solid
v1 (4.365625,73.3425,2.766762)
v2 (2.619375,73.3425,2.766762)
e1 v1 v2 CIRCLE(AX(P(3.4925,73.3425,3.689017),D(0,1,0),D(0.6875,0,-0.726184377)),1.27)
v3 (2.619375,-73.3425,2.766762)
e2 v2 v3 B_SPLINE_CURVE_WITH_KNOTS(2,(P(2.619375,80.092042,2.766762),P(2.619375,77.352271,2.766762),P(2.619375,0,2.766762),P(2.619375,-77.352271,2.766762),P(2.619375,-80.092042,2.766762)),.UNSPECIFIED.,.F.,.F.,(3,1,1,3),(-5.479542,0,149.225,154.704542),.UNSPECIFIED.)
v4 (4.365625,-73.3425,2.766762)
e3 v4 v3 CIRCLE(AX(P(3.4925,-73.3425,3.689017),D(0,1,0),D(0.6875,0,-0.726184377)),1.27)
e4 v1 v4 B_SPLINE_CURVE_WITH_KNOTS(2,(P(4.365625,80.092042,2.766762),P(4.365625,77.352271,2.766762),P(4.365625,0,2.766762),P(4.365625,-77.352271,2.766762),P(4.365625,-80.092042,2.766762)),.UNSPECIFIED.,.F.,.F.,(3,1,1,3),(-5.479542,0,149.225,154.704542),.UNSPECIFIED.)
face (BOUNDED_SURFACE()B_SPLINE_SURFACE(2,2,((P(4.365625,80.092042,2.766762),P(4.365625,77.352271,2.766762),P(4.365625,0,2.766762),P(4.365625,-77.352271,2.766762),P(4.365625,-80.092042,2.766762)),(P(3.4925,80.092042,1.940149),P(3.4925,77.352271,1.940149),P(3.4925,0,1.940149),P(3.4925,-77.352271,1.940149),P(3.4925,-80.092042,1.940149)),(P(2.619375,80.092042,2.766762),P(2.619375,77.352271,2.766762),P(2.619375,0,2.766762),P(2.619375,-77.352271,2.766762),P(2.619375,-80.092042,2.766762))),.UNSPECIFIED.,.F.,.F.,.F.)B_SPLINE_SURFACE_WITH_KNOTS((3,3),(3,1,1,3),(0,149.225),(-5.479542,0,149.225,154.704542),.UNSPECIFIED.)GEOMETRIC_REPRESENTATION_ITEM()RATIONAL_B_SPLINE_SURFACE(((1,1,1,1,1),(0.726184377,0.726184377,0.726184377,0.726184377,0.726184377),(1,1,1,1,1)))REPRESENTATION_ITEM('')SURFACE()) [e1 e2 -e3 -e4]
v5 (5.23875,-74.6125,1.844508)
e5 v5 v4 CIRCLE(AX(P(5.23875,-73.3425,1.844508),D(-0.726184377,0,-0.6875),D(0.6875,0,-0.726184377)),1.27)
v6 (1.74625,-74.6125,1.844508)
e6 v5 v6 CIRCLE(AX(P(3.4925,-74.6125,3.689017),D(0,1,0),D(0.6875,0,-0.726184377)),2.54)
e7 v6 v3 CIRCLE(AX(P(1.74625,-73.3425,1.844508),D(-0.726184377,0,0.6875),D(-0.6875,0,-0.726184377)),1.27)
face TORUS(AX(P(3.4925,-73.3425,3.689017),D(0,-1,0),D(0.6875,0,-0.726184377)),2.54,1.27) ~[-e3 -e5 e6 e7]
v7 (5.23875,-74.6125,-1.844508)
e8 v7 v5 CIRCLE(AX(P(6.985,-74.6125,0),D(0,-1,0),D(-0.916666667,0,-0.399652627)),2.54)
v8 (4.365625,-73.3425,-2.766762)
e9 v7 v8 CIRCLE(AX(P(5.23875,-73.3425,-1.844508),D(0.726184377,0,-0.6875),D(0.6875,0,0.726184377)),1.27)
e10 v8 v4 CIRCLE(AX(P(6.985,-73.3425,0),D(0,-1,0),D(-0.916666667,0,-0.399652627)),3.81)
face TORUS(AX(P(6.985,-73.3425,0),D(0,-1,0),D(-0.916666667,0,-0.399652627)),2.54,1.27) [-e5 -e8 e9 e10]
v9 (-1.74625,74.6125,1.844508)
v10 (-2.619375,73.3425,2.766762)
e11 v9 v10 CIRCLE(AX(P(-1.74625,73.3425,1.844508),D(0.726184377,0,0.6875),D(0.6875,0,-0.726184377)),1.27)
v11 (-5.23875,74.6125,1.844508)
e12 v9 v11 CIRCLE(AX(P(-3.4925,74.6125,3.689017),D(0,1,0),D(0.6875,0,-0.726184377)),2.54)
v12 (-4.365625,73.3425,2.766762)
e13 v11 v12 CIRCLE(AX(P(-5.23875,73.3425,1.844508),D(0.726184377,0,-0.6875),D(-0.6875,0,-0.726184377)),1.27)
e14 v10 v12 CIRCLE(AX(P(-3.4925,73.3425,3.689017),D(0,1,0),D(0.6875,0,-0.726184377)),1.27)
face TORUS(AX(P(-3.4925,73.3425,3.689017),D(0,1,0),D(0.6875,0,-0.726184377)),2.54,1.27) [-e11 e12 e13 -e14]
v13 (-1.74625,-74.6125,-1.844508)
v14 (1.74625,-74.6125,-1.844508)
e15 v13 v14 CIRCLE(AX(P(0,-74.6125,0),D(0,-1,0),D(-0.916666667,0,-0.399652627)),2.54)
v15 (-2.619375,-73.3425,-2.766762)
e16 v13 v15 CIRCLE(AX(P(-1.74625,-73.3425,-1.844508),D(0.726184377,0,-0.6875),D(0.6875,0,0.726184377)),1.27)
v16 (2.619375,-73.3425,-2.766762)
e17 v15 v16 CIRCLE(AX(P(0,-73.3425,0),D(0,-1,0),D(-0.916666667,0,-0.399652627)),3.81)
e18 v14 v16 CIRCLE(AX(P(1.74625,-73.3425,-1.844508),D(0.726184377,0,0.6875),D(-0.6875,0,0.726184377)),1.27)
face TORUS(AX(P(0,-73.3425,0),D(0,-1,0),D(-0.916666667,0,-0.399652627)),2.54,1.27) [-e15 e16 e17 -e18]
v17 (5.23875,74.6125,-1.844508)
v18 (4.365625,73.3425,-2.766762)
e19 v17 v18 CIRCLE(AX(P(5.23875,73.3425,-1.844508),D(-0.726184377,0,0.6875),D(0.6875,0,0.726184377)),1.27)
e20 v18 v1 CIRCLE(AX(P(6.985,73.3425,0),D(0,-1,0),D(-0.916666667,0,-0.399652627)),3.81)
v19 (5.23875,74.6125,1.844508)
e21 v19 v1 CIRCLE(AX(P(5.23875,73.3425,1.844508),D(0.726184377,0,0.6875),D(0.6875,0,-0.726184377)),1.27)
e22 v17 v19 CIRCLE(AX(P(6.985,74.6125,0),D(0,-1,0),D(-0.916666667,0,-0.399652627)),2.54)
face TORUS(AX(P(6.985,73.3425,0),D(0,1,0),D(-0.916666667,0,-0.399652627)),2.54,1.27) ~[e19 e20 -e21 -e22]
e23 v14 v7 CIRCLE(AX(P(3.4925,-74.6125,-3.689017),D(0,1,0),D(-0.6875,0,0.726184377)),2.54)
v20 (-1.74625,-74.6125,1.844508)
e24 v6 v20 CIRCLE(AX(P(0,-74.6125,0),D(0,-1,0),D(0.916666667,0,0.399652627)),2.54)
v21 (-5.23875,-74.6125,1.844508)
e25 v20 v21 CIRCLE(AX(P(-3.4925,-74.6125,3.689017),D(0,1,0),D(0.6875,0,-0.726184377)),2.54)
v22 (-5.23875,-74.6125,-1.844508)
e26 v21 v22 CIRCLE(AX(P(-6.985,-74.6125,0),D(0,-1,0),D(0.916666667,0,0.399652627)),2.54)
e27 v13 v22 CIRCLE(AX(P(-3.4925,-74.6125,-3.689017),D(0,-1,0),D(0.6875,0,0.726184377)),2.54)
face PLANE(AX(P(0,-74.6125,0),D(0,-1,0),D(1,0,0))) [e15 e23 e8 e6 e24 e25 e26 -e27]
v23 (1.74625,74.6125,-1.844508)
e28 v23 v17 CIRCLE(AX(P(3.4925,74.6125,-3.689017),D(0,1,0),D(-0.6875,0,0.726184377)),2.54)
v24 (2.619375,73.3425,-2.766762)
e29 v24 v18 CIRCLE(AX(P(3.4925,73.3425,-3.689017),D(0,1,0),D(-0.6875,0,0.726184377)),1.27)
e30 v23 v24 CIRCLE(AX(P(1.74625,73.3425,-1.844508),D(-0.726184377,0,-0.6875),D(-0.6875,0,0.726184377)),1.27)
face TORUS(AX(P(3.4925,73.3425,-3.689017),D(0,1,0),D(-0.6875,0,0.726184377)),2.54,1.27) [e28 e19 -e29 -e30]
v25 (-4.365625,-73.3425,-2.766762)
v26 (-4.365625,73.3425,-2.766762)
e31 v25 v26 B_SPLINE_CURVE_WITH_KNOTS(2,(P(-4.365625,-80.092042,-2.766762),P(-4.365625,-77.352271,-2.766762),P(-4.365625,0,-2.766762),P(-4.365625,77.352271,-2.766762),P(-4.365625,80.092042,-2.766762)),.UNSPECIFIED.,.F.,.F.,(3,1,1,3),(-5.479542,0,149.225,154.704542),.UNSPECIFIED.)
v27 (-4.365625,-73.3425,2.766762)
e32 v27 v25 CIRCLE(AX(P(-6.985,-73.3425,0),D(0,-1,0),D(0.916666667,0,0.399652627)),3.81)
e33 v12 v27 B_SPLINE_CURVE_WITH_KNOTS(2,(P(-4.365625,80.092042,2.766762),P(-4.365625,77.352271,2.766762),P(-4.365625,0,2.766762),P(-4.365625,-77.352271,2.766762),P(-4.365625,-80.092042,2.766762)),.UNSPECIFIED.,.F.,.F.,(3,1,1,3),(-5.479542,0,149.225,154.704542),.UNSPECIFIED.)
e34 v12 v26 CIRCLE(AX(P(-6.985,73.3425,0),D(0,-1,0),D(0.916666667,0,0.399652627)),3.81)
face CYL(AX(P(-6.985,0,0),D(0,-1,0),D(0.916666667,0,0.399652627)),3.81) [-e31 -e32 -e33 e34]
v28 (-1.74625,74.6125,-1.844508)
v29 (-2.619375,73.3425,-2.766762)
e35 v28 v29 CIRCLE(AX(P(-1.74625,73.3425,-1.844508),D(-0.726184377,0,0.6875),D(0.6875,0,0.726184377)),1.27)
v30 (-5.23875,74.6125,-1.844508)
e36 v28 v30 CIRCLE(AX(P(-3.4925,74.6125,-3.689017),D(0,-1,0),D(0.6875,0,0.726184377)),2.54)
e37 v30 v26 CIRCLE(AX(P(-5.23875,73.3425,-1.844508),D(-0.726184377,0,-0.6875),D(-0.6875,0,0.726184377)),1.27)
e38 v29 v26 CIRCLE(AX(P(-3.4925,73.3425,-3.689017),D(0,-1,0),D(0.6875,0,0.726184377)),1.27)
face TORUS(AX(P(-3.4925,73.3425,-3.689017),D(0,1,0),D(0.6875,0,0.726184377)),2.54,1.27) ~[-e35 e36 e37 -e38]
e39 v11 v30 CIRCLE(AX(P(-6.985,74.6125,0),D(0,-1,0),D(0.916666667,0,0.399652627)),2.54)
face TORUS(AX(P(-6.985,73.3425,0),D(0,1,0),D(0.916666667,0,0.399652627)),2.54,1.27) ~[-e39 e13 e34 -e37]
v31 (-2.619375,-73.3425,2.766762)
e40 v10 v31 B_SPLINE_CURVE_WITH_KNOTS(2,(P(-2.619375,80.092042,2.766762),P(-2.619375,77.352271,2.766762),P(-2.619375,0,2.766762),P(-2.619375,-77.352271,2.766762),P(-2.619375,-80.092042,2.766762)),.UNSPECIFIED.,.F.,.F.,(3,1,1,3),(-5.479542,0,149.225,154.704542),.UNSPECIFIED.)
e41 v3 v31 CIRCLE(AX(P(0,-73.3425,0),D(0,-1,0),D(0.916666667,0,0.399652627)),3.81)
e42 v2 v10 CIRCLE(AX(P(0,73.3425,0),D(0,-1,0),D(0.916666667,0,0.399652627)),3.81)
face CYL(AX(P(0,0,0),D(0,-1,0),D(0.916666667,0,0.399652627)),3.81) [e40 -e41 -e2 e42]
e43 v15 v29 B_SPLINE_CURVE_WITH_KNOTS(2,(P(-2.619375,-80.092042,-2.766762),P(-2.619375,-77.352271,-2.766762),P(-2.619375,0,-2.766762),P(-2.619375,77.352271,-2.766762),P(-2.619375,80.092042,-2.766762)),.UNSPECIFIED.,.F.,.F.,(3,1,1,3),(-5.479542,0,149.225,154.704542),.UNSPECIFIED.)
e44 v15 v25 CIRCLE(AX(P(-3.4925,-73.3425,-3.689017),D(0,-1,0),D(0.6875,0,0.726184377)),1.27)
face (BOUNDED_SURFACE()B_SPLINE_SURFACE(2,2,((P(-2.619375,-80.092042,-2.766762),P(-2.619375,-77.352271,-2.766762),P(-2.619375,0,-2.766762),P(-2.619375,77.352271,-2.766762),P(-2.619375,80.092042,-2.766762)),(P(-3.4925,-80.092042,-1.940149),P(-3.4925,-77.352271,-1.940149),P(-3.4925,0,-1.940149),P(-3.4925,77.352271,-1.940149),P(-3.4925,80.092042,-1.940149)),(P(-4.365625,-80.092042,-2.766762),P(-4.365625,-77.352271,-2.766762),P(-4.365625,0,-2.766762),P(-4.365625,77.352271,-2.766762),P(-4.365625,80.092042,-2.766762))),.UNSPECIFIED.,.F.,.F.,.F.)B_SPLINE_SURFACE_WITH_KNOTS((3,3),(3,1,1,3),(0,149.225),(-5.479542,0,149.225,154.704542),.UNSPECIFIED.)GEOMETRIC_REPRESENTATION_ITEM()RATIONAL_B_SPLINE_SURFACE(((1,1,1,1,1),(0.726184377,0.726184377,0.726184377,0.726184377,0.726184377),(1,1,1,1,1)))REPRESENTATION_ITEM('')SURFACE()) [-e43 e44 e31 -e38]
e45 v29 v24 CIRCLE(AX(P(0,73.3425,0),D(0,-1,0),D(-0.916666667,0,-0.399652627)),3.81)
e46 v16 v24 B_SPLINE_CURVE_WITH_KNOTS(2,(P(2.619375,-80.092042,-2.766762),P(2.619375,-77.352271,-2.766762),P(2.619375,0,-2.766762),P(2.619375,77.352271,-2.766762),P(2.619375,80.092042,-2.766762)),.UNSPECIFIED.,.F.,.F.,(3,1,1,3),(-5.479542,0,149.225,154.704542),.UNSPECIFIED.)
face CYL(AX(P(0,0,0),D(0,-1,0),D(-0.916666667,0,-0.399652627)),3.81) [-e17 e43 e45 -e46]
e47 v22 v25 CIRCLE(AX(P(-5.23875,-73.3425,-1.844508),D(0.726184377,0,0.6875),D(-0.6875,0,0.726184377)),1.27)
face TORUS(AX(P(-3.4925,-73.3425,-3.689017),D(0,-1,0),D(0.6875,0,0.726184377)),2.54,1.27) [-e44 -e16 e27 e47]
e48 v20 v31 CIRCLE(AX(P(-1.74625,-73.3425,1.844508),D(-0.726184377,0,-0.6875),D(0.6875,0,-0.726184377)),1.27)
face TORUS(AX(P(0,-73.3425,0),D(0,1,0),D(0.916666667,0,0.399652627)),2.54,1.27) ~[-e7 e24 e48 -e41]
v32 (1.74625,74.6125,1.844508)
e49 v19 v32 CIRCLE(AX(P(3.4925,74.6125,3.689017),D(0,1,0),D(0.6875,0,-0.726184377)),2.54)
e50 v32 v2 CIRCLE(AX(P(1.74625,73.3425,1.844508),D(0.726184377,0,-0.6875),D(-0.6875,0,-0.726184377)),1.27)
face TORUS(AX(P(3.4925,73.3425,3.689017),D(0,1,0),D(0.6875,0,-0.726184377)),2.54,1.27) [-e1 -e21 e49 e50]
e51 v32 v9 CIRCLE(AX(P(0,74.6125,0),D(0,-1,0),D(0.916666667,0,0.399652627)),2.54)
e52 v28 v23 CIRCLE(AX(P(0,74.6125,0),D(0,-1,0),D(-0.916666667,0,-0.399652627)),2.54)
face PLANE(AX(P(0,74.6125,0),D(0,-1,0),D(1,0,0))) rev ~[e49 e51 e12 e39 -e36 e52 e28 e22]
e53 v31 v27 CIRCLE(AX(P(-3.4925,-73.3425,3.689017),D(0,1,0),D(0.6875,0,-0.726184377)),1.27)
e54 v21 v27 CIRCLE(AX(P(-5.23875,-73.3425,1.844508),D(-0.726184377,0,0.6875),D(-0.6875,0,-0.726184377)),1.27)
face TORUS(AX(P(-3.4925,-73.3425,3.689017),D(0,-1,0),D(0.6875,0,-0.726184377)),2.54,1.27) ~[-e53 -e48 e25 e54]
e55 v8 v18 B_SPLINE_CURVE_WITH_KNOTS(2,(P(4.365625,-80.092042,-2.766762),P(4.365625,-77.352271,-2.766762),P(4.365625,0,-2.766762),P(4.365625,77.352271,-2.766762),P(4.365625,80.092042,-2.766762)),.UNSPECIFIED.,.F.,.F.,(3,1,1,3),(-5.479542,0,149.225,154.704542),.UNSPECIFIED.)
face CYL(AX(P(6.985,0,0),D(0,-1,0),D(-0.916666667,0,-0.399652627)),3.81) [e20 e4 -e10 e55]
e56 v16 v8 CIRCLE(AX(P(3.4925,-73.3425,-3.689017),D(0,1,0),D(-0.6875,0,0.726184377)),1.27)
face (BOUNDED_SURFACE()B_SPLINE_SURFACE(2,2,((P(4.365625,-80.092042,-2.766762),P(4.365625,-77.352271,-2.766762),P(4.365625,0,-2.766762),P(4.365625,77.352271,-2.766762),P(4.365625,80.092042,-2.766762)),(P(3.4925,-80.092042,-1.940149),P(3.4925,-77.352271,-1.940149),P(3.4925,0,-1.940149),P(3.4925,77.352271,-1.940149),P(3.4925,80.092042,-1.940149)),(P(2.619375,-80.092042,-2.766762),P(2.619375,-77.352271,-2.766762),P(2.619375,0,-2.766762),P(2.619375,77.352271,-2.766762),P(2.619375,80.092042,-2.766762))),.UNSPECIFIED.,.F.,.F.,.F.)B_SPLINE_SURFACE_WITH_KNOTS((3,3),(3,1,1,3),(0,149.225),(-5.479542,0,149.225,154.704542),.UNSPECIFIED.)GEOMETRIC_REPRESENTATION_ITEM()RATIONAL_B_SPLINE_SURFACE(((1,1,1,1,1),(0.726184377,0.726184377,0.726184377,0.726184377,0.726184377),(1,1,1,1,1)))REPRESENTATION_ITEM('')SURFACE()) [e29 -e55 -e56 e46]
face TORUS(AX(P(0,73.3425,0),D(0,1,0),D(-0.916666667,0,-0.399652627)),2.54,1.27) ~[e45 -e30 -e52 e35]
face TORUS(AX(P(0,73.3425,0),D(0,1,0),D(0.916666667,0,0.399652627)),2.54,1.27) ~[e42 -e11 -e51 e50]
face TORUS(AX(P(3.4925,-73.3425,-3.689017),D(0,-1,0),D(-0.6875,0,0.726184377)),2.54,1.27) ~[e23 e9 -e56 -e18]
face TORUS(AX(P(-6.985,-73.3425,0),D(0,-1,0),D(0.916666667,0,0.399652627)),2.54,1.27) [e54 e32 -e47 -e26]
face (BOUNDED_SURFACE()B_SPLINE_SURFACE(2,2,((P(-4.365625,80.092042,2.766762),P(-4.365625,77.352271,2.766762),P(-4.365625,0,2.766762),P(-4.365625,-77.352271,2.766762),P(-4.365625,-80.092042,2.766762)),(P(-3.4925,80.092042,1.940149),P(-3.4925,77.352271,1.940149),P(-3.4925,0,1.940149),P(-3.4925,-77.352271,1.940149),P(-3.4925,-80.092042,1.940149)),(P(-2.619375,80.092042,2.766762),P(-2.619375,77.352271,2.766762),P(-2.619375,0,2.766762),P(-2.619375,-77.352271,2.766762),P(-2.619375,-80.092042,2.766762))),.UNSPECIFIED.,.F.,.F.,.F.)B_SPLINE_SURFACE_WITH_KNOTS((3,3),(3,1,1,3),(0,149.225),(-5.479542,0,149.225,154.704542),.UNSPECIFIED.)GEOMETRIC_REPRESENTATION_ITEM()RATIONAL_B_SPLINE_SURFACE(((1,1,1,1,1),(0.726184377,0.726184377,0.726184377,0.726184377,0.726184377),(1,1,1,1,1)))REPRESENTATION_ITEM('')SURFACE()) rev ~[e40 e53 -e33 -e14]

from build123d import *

# Parameters (mm, degrees)
F1_DEPTH = 74.6125
F2_R     = 1.27


with BuildPart() as f1:
    # F0 (on Front) → F1 (new body, symmetric)
    with BuildSketch(Plane.XZ):
        with BuildLine():
            ThreePointArc((3.4925, -1.5226765087), (10.795, 0), (3.4925, 1.5226765087))
            ThreePointArc((3.4925, 1.5226765087), (0, 3.81), (-3.4925, 1.5226765087))
            ThreePointArc((-3.4925, 1.5226765087), (-10.795, 0), (-3.4925, -1.5226765087))
            ThreePointArc((-3.4925, -1.5226765087), (0, -3.81), (3.4925, -1.5226765087))
        make_face()
    extrude(amount=F1_DEPTH, both=True)

    # F2
    f2_edges = [f1.edges().sort_by_distance(p)[0] for p in [
        (-3.4925, 0, 1.522677),
        (3.4925, 0, 1.522677),
        (-3.4925, 0, -1.522677),
        (3.4925, 0, -1.522677),
        (0, 74.6125, -3.81),
        (10.795, 74.6125, 0),
        (0, 74.6125, 3.81),
        (-10.795, 74.6125, 0),
        (0, -74.6125, -3.81),
        (10.795, -74.6125, 0),
        (0, -74.6125, 3.81),
        (-10.795, -74.6125, 0),
    ]]
    fillet(f2_edges, radius=F2_R)


solid = f1.part
